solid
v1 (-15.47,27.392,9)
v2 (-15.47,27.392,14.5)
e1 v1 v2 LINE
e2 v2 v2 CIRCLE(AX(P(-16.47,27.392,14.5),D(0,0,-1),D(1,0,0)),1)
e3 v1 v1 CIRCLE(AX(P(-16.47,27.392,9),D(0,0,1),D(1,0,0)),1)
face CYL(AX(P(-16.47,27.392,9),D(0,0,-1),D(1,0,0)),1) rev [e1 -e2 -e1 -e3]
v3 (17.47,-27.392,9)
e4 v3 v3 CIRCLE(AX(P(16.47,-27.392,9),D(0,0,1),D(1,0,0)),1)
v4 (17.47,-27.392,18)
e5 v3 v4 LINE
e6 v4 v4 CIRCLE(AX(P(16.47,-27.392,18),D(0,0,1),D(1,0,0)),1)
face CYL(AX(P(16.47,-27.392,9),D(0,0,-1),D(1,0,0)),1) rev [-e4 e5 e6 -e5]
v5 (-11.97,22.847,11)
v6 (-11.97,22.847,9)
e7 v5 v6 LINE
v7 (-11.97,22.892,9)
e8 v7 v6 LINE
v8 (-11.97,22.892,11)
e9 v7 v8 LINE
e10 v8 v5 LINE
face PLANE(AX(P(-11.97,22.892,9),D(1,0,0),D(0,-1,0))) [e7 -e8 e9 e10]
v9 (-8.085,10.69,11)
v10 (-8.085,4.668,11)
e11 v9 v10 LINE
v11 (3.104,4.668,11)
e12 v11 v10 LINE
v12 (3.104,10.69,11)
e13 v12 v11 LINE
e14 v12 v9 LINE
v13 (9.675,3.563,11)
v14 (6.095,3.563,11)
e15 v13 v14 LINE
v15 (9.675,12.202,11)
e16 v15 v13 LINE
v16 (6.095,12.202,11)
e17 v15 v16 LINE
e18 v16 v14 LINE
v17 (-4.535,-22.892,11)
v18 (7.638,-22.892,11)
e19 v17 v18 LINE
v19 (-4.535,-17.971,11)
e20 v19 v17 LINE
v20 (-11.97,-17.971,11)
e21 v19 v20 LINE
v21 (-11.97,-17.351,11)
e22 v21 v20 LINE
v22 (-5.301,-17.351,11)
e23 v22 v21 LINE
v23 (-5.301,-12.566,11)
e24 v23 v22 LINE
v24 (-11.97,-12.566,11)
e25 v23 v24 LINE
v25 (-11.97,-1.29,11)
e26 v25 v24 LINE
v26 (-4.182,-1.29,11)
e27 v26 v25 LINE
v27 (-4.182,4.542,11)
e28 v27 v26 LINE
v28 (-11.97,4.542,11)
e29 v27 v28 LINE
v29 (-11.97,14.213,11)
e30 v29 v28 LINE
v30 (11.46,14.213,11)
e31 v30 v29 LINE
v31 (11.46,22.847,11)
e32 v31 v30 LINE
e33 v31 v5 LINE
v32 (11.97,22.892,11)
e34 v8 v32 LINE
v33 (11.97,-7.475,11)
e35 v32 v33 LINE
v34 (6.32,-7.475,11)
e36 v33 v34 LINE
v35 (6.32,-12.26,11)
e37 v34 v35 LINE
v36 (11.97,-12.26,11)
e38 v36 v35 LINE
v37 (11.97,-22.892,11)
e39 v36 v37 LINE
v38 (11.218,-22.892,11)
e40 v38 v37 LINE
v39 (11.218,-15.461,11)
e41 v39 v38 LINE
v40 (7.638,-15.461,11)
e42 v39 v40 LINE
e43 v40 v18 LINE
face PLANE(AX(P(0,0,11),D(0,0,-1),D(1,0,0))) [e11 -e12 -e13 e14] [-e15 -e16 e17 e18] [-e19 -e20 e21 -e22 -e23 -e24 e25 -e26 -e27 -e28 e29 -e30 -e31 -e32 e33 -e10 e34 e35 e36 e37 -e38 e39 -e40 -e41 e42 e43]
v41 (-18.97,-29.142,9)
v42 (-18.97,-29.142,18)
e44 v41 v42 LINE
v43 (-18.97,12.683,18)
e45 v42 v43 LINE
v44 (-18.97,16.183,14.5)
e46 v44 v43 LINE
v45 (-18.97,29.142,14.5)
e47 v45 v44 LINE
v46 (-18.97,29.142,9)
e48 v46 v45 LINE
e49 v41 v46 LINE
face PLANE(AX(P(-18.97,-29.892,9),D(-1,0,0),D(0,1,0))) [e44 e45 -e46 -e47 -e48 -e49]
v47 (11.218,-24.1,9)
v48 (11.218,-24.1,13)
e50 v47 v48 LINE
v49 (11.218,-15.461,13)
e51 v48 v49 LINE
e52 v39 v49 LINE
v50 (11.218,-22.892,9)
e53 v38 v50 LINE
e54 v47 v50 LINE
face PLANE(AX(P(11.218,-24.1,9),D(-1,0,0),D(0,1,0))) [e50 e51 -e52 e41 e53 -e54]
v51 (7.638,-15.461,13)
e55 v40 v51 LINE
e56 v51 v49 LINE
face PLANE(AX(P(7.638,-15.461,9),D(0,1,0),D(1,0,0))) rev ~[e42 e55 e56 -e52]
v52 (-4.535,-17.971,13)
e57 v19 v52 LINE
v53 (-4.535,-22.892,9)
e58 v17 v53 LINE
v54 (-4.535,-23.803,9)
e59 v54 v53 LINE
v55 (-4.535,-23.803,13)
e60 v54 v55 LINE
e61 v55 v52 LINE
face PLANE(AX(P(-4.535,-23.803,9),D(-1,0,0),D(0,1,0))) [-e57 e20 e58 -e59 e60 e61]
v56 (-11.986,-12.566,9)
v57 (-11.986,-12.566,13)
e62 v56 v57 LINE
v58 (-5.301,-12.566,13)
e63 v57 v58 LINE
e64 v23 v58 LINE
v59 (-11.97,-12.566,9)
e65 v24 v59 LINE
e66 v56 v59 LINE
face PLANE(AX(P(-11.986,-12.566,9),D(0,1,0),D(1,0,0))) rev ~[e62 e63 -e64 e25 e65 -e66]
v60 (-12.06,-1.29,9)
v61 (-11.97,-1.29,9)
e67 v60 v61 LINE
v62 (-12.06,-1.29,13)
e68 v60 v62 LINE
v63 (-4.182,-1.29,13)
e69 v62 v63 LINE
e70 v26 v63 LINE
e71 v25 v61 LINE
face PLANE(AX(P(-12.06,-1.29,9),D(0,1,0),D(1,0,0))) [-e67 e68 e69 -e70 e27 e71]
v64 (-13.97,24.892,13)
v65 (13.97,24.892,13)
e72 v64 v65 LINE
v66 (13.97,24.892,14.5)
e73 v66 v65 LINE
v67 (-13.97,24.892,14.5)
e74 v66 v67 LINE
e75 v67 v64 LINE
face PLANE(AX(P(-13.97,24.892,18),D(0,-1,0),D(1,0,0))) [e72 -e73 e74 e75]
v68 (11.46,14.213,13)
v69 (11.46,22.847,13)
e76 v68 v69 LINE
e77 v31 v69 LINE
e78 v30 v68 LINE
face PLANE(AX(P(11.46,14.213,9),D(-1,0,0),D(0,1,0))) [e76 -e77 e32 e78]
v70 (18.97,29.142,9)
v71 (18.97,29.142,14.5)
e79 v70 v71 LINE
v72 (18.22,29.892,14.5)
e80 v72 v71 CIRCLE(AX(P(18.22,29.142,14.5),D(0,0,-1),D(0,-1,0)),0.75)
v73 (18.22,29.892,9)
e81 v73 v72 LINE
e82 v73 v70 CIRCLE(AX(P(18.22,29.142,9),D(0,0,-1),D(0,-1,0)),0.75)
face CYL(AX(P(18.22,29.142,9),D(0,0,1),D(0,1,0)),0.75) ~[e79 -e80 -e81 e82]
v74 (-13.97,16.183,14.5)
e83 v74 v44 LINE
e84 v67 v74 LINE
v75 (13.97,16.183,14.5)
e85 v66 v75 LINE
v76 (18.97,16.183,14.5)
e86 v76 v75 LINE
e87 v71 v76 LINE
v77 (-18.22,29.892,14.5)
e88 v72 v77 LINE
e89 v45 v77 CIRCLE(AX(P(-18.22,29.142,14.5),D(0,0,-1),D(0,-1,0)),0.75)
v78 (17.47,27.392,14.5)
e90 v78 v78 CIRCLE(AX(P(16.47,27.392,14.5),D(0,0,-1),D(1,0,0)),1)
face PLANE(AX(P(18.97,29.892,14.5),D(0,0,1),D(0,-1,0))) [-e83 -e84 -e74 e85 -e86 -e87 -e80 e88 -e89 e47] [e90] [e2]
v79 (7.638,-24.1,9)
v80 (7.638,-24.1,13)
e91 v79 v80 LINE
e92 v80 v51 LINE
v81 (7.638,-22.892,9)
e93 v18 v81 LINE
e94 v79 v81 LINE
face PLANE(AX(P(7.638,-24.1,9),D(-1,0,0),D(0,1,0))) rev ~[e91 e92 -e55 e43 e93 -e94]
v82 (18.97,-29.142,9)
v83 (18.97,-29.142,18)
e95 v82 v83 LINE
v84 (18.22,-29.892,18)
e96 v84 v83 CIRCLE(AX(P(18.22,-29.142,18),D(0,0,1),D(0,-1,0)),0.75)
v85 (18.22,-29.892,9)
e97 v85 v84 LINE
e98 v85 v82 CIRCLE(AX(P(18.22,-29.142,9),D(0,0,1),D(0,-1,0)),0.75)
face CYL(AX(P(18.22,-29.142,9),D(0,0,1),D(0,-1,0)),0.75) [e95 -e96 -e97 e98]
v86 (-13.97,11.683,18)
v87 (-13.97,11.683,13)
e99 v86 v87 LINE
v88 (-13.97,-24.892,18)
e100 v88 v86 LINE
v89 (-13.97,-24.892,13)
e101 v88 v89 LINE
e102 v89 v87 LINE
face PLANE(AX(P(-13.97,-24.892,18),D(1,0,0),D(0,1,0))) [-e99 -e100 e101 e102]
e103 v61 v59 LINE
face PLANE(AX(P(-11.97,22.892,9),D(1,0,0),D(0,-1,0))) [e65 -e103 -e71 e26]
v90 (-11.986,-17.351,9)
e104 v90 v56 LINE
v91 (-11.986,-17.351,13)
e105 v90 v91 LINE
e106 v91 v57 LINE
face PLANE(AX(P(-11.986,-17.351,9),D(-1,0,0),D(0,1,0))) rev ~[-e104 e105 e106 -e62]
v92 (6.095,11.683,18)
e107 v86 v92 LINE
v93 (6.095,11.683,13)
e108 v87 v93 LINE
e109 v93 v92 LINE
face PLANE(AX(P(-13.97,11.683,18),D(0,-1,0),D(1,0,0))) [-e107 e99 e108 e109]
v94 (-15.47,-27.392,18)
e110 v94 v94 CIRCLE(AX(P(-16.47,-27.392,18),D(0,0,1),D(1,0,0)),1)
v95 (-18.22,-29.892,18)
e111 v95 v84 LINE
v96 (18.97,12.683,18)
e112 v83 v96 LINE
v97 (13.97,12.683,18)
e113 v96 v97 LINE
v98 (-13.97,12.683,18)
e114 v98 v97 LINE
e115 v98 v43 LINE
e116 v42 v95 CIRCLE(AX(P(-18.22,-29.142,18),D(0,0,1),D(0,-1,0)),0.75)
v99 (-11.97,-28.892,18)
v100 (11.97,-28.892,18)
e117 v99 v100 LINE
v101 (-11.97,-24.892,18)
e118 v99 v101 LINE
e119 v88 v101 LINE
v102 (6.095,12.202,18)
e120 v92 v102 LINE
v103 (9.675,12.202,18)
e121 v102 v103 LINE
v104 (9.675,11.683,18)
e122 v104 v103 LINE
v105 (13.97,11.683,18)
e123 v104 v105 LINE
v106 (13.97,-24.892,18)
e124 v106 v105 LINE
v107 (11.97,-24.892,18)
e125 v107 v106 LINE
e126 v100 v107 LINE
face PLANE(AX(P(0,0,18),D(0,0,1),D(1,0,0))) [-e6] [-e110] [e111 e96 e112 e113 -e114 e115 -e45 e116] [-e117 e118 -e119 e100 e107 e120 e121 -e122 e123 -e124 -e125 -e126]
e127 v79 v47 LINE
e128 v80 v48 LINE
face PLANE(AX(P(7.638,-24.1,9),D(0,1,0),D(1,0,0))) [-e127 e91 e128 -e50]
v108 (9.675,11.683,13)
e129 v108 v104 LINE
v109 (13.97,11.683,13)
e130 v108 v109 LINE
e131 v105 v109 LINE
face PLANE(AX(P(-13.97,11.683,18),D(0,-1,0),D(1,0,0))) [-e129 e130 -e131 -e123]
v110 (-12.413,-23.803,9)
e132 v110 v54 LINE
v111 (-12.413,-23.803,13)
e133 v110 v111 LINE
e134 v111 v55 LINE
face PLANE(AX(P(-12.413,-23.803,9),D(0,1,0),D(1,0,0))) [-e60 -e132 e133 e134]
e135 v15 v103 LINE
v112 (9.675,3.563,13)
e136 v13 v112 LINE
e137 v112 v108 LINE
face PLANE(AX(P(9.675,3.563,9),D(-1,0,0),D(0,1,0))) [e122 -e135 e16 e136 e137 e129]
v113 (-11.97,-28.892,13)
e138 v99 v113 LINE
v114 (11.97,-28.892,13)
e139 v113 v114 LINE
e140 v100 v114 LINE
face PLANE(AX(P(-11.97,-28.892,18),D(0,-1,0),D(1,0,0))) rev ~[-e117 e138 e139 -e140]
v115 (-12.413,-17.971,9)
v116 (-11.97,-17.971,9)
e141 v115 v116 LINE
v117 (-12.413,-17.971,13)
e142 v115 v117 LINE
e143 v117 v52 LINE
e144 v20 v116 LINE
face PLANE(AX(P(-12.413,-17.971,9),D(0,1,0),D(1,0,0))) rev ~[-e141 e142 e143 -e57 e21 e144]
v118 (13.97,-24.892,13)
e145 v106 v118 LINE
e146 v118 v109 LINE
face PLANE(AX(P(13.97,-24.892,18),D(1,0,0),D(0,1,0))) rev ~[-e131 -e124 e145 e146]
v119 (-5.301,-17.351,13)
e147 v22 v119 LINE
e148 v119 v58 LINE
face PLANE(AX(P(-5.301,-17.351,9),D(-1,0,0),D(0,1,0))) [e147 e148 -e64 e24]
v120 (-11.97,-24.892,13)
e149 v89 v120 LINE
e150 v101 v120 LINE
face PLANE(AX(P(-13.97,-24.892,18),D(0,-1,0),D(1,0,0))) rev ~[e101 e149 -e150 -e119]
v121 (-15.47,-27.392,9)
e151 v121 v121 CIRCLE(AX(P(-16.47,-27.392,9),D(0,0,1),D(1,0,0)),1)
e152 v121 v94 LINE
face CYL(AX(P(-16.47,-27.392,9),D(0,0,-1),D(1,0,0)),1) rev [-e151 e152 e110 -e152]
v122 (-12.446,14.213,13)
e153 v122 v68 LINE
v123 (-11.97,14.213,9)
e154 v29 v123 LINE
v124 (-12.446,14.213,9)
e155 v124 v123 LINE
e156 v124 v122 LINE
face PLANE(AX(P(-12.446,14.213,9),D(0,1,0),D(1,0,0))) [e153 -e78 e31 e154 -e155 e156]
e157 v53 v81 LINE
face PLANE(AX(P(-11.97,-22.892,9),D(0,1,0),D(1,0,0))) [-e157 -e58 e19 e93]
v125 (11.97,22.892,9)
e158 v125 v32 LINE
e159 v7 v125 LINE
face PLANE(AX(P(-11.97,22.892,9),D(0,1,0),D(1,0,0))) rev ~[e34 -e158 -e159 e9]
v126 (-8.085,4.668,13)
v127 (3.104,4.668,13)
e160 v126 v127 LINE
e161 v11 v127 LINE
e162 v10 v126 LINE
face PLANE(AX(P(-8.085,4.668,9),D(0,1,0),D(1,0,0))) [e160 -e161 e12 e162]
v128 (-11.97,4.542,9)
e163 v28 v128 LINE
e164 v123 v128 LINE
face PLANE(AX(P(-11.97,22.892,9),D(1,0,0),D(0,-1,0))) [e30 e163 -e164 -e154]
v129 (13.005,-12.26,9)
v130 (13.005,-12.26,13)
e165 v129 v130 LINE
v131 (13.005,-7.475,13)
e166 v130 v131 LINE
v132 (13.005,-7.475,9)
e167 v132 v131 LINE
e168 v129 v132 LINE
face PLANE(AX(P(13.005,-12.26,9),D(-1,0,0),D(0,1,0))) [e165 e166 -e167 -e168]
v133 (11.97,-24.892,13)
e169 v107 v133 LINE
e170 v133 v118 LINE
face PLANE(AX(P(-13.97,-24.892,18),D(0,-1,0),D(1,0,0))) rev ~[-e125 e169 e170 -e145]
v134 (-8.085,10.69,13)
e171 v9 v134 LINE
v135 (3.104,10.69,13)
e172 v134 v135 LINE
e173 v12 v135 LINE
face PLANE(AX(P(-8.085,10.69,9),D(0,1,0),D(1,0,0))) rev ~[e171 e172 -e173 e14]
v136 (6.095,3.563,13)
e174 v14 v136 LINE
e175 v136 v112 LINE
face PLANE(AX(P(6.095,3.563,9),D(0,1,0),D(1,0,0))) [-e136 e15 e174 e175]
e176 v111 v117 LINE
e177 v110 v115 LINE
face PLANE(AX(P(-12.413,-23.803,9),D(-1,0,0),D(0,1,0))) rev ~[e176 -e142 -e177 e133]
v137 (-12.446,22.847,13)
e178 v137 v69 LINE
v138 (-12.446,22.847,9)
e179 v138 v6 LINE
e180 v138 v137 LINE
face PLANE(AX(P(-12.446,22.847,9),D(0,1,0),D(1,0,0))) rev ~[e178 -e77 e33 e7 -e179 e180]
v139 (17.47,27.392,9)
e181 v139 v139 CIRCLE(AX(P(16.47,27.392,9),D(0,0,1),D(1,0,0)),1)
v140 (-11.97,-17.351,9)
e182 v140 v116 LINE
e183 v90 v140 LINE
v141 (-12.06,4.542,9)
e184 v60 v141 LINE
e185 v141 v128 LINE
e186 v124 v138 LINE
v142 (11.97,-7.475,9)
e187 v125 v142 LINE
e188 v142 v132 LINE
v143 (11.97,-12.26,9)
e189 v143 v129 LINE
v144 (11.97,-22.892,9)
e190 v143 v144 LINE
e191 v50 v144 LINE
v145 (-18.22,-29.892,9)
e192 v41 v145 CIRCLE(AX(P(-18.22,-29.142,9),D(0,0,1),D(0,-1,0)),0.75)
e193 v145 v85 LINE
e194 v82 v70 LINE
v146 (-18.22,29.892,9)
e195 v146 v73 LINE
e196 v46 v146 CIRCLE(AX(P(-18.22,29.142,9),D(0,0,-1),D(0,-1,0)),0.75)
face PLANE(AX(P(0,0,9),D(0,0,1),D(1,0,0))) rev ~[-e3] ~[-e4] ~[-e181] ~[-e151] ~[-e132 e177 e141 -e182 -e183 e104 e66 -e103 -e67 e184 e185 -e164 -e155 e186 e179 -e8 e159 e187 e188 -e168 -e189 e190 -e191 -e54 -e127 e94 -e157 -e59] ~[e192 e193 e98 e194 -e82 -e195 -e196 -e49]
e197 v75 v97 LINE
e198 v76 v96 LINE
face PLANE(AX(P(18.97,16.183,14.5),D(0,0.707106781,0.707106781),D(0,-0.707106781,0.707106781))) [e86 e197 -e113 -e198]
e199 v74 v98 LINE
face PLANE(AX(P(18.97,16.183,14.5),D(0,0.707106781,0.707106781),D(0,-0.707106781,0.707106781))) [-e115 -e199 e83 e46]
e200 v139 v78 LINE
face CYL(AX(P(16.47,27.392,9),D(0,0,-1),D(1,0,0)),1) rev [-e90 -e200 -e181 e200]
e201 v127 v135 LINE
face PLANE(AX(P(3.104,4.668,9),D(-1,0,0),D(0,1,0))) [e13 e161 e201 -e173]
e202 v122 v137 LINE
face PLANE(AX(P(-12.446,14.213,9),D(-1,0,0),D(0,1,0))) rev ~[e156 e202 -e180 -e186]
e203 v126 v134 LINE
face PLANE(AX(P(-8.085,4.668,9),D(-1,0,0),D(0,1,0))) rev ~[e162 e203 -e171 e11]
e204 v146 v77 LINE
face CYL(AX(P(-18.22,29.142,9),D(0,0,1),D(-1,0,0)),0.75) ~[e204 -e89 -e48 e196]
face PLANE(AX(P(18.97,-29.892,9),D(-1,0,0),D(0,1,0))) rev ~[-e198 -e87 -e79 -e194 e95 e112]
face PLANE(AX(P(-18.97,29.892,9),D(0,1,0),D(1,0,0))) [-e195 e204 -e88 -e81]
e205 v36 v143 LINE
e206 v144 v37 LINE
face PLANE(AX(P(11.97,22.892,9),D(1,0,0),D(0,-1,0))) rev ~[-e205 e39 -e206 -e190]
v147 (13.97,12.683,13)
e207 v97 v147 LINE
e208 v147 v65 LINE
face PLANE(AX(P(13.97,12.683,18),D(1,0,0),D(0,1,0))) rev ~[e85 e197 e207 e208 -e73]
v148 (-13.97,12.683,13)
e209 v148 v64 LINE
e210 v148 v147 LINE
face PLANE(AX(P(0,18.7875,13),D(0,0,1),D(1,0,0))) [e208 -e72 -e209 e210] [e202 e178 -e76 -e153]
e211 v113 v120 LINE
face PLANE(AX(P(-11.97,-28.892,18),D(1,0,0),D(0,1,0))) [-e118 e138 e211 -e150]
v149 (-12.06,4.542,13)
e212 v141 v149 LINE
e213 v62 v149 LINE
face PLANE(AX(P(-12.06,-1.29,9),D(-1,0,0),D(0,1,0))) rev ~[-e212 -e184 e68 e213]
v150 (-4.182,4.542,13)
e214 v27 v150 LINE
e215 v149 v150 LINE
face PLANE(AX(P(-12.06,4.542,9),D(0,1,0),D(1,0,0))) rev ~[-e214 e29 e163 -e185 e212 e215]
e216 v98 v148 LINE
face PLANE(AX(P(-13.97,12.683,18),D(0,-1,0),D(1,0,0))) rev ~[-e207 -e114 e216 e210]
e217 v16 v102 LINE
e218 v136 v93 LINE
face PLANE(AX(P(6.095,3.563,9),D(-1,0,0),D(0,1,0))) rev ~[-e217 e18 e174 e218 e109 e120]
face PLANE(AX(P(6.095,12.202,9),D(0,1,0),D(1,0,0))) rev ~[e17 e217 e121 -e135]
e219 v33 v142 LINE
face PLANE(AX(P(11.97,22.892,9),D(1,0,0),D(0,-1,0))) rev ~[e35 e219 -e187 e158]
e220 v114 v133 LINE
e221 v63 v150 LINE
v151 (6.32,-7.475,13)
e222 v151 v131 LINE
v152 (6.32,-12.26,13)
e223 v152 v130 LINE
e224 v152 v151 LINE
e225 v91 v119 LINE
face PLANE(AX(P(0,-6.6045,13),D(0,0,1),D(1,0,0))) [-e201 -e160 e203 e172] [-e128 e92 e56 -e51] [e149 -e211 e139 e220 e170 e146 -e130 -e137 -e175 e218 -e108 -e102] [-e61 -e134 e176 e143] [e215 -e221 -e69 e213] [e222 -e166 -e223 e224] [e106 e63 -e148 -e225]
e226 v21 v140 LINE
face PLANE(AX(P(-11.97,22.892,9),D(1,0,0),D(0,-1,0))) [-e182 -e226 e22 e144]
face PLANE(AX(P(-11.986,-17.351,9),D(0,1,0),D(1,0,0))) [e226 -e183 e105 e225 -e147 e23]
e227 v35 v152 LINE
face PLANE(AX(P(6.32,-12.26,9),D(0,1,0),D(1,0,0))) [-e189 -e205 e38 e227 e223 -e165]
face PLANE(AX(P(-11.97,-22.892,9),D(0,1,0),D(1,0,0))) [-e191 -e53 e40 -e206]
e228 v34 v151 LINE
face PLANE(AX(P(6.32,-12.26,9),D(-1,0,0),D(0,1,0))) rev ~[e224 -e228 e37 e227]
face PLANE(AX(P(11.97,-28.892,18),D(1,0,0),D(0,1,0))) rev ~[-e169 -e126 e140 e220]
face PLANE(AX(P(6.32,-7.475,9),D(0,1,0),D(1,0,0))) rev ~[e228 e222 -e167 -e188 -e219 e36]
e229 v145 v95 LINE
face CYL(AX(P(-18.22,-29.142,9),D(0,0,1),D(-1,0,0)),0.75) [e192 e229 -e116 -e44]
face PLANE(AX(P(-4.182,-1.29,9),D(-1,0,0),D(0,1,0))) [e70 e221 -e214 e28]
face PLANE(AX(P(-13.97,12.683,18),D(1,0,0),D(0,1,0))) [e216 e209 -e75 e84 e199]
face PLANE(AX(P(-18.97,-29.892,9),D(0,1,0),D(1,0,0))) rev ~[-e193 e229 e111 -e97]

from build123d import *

# Parameters (mm, degrees)
SKETCH002_W     = 37.94
SKETCH002_H     = 59.784
SKETCH002_R     = 1
SKETCH002_W_2   = 23.906
SKETCH002_H_2   = 8.634
SKETCH002_W_3   = 11.189
SKETCH002_H_3   = 6.022
SKETCH002_W_4   = 3.58
SKETCH002_H_4   = 8.639
SKETCH002_W_5   = 6.685
SKETCH002_H_5   = 4.785
SKETCH002_W_6   = 7.878
SKETCH002_H_6   = 5.832
PAD_DEPTH       = 9
SKETCH_W        = 27.94
SKETCH_H        = 36.575
SKETCH_H_2      = 12.209
POCKET_DEPTH    = 5
POCKET001_DEPTH = 37.94
SKETCH004_W     = 23.94
SKETCH004_H     = 45.784
POCKET002_DEPTH = 2
SKETCH005_W     = 23.94
SKETCH005_H     = 4
POCKET003_DEPTH = 5
FILLET_R        = 0.75


with BuildPart() as part:
    # Sketch002 → Pad (new body)
    with BuildSketch(Plane.XY.offset(9)):
        Rectangle(SKETCH002_W, SKETCH002_H)
        with Locations((-16.47, 27.392)):
            Circle(SKETCH002_R, mode=Mode.SUBTRACT)
        with Locations((16.47, 27.392)):
            Circle(SKETCH002_R, mode=Mode.SUBTRACT)
        with Locations((-16.47, -27.392)):
            Circle(SKETCH002_R, mode=Mode.SUBTRACT)
        with Locations((16.47, -27.392)):
            Circle(SKETCH002_R, mode=Mode.SUBTRACT)
        with Locations((-0.493, 18.53)):
            Rectangle(SKETCH002_W_2, SKETCH002_H_2, mode=Mode.SUBTRACT)
        with Locations((-2.4905, 7.679)):
            Rectangle(SKETCH002_W_3, SKETCH002_H_3, mode=Mode.SUBTRACT)
        with Locations((7.885, 7.8825)):
            Rectangle(SKETCH002_W_4, SKETCH002_H_4, mode=Mode.SUBTRACT)
        with Locations((9.428, -19.7805)):
            Rectangle(SKETCH002_W_4, SKETCH002_H_4, mode=Mode.SUBTRACT)
        with Locations((9.6625, -9.8675)):
            Rectangle(SKETCH002_W_5, SKETCH002_H_5, mode=Mode.SUBTRACT)
        with Locations((-8.6435, -14.9585)):
            Rectangle(SKETCH002_W_5, SKETCH002_H_5, mode=Mode.SUBTRACT)
        with Locations((-8.121, 1.626)):
            Rectangle(SKETCH002_W_6, SKETCH002_H_6, mode=Mode.SUBTRACT)
        with Locations((-8.474, -20.887)):
            Rectangle(SKETCH002_W_6, SKETCH002_H_6, mode=Mode.SUBTRACT)
    extrude(amount=PAD_DEPTH)

    # Sketch (on Face42 of Pad) → Pocket (cut)
    with BuildSketch(Plane.XY.offset(18)):
        with Locations((0, -6.6045)):
            Rectangle(SKETCH_W, SKETCH_H)
        with Locations((0, 18.7875)):
            Rectangle(SKETCH_W, SKETCH_H_2)
    extrude(amount=-POCKET_DEPTH, mode=Mode.SUBTRACT)

    # Sketch003 → Pocket001 (cut)
    with BuildSketch(Plane(origin=(18.97, 0, 9), x_dir=(0, 1, 0), z_dir=(1, 0, 0))):
        Polygon((12.683, 9), (29.892, 9), (29.892, 5.5), (16.183, 5.5), align=None)
    extrude(amount=-POCKET001_DEPTH, mode=Mode.SUBTRACT)

    # Sketch004 → Pocket002 (cut)
    with BuildSketch(Plane(origin=(0, 0, 9), x_dir=(1, 0, 0), z_dir=(0, 0, -1))):
        Rectangle(SKETCH004_W, SKETCH004_H)
    extrude(amount=-POCKET002_DEPTH, mode=Mode.SUBTRACT)

    # Sketch005 (on Face39 of Pocket002) → Pocket003 (cut)
    with BuildSketch(Plane.XY.offset(18)):
        with Locations((0, -26.892)):
            Rectangle(SKETCH005_W, SKETCH005_H)
    extrude(amount=-POCKET003_DEPTH, mode=Mode.SUBTRACT)

    # Fillet
    fillet_edges = [part.edges().sort_by_distance(p)[0] for p in [
        (-18.97, -29.892, 13.5),
        (18.97, -29.892, 13.5),
        (18.97, 29.892, 11.75),
        (-18.97, 29.892, 11.75),
    ]]
    fillet(fillet_edges, radius=FILLET_R)


solid = part.part
